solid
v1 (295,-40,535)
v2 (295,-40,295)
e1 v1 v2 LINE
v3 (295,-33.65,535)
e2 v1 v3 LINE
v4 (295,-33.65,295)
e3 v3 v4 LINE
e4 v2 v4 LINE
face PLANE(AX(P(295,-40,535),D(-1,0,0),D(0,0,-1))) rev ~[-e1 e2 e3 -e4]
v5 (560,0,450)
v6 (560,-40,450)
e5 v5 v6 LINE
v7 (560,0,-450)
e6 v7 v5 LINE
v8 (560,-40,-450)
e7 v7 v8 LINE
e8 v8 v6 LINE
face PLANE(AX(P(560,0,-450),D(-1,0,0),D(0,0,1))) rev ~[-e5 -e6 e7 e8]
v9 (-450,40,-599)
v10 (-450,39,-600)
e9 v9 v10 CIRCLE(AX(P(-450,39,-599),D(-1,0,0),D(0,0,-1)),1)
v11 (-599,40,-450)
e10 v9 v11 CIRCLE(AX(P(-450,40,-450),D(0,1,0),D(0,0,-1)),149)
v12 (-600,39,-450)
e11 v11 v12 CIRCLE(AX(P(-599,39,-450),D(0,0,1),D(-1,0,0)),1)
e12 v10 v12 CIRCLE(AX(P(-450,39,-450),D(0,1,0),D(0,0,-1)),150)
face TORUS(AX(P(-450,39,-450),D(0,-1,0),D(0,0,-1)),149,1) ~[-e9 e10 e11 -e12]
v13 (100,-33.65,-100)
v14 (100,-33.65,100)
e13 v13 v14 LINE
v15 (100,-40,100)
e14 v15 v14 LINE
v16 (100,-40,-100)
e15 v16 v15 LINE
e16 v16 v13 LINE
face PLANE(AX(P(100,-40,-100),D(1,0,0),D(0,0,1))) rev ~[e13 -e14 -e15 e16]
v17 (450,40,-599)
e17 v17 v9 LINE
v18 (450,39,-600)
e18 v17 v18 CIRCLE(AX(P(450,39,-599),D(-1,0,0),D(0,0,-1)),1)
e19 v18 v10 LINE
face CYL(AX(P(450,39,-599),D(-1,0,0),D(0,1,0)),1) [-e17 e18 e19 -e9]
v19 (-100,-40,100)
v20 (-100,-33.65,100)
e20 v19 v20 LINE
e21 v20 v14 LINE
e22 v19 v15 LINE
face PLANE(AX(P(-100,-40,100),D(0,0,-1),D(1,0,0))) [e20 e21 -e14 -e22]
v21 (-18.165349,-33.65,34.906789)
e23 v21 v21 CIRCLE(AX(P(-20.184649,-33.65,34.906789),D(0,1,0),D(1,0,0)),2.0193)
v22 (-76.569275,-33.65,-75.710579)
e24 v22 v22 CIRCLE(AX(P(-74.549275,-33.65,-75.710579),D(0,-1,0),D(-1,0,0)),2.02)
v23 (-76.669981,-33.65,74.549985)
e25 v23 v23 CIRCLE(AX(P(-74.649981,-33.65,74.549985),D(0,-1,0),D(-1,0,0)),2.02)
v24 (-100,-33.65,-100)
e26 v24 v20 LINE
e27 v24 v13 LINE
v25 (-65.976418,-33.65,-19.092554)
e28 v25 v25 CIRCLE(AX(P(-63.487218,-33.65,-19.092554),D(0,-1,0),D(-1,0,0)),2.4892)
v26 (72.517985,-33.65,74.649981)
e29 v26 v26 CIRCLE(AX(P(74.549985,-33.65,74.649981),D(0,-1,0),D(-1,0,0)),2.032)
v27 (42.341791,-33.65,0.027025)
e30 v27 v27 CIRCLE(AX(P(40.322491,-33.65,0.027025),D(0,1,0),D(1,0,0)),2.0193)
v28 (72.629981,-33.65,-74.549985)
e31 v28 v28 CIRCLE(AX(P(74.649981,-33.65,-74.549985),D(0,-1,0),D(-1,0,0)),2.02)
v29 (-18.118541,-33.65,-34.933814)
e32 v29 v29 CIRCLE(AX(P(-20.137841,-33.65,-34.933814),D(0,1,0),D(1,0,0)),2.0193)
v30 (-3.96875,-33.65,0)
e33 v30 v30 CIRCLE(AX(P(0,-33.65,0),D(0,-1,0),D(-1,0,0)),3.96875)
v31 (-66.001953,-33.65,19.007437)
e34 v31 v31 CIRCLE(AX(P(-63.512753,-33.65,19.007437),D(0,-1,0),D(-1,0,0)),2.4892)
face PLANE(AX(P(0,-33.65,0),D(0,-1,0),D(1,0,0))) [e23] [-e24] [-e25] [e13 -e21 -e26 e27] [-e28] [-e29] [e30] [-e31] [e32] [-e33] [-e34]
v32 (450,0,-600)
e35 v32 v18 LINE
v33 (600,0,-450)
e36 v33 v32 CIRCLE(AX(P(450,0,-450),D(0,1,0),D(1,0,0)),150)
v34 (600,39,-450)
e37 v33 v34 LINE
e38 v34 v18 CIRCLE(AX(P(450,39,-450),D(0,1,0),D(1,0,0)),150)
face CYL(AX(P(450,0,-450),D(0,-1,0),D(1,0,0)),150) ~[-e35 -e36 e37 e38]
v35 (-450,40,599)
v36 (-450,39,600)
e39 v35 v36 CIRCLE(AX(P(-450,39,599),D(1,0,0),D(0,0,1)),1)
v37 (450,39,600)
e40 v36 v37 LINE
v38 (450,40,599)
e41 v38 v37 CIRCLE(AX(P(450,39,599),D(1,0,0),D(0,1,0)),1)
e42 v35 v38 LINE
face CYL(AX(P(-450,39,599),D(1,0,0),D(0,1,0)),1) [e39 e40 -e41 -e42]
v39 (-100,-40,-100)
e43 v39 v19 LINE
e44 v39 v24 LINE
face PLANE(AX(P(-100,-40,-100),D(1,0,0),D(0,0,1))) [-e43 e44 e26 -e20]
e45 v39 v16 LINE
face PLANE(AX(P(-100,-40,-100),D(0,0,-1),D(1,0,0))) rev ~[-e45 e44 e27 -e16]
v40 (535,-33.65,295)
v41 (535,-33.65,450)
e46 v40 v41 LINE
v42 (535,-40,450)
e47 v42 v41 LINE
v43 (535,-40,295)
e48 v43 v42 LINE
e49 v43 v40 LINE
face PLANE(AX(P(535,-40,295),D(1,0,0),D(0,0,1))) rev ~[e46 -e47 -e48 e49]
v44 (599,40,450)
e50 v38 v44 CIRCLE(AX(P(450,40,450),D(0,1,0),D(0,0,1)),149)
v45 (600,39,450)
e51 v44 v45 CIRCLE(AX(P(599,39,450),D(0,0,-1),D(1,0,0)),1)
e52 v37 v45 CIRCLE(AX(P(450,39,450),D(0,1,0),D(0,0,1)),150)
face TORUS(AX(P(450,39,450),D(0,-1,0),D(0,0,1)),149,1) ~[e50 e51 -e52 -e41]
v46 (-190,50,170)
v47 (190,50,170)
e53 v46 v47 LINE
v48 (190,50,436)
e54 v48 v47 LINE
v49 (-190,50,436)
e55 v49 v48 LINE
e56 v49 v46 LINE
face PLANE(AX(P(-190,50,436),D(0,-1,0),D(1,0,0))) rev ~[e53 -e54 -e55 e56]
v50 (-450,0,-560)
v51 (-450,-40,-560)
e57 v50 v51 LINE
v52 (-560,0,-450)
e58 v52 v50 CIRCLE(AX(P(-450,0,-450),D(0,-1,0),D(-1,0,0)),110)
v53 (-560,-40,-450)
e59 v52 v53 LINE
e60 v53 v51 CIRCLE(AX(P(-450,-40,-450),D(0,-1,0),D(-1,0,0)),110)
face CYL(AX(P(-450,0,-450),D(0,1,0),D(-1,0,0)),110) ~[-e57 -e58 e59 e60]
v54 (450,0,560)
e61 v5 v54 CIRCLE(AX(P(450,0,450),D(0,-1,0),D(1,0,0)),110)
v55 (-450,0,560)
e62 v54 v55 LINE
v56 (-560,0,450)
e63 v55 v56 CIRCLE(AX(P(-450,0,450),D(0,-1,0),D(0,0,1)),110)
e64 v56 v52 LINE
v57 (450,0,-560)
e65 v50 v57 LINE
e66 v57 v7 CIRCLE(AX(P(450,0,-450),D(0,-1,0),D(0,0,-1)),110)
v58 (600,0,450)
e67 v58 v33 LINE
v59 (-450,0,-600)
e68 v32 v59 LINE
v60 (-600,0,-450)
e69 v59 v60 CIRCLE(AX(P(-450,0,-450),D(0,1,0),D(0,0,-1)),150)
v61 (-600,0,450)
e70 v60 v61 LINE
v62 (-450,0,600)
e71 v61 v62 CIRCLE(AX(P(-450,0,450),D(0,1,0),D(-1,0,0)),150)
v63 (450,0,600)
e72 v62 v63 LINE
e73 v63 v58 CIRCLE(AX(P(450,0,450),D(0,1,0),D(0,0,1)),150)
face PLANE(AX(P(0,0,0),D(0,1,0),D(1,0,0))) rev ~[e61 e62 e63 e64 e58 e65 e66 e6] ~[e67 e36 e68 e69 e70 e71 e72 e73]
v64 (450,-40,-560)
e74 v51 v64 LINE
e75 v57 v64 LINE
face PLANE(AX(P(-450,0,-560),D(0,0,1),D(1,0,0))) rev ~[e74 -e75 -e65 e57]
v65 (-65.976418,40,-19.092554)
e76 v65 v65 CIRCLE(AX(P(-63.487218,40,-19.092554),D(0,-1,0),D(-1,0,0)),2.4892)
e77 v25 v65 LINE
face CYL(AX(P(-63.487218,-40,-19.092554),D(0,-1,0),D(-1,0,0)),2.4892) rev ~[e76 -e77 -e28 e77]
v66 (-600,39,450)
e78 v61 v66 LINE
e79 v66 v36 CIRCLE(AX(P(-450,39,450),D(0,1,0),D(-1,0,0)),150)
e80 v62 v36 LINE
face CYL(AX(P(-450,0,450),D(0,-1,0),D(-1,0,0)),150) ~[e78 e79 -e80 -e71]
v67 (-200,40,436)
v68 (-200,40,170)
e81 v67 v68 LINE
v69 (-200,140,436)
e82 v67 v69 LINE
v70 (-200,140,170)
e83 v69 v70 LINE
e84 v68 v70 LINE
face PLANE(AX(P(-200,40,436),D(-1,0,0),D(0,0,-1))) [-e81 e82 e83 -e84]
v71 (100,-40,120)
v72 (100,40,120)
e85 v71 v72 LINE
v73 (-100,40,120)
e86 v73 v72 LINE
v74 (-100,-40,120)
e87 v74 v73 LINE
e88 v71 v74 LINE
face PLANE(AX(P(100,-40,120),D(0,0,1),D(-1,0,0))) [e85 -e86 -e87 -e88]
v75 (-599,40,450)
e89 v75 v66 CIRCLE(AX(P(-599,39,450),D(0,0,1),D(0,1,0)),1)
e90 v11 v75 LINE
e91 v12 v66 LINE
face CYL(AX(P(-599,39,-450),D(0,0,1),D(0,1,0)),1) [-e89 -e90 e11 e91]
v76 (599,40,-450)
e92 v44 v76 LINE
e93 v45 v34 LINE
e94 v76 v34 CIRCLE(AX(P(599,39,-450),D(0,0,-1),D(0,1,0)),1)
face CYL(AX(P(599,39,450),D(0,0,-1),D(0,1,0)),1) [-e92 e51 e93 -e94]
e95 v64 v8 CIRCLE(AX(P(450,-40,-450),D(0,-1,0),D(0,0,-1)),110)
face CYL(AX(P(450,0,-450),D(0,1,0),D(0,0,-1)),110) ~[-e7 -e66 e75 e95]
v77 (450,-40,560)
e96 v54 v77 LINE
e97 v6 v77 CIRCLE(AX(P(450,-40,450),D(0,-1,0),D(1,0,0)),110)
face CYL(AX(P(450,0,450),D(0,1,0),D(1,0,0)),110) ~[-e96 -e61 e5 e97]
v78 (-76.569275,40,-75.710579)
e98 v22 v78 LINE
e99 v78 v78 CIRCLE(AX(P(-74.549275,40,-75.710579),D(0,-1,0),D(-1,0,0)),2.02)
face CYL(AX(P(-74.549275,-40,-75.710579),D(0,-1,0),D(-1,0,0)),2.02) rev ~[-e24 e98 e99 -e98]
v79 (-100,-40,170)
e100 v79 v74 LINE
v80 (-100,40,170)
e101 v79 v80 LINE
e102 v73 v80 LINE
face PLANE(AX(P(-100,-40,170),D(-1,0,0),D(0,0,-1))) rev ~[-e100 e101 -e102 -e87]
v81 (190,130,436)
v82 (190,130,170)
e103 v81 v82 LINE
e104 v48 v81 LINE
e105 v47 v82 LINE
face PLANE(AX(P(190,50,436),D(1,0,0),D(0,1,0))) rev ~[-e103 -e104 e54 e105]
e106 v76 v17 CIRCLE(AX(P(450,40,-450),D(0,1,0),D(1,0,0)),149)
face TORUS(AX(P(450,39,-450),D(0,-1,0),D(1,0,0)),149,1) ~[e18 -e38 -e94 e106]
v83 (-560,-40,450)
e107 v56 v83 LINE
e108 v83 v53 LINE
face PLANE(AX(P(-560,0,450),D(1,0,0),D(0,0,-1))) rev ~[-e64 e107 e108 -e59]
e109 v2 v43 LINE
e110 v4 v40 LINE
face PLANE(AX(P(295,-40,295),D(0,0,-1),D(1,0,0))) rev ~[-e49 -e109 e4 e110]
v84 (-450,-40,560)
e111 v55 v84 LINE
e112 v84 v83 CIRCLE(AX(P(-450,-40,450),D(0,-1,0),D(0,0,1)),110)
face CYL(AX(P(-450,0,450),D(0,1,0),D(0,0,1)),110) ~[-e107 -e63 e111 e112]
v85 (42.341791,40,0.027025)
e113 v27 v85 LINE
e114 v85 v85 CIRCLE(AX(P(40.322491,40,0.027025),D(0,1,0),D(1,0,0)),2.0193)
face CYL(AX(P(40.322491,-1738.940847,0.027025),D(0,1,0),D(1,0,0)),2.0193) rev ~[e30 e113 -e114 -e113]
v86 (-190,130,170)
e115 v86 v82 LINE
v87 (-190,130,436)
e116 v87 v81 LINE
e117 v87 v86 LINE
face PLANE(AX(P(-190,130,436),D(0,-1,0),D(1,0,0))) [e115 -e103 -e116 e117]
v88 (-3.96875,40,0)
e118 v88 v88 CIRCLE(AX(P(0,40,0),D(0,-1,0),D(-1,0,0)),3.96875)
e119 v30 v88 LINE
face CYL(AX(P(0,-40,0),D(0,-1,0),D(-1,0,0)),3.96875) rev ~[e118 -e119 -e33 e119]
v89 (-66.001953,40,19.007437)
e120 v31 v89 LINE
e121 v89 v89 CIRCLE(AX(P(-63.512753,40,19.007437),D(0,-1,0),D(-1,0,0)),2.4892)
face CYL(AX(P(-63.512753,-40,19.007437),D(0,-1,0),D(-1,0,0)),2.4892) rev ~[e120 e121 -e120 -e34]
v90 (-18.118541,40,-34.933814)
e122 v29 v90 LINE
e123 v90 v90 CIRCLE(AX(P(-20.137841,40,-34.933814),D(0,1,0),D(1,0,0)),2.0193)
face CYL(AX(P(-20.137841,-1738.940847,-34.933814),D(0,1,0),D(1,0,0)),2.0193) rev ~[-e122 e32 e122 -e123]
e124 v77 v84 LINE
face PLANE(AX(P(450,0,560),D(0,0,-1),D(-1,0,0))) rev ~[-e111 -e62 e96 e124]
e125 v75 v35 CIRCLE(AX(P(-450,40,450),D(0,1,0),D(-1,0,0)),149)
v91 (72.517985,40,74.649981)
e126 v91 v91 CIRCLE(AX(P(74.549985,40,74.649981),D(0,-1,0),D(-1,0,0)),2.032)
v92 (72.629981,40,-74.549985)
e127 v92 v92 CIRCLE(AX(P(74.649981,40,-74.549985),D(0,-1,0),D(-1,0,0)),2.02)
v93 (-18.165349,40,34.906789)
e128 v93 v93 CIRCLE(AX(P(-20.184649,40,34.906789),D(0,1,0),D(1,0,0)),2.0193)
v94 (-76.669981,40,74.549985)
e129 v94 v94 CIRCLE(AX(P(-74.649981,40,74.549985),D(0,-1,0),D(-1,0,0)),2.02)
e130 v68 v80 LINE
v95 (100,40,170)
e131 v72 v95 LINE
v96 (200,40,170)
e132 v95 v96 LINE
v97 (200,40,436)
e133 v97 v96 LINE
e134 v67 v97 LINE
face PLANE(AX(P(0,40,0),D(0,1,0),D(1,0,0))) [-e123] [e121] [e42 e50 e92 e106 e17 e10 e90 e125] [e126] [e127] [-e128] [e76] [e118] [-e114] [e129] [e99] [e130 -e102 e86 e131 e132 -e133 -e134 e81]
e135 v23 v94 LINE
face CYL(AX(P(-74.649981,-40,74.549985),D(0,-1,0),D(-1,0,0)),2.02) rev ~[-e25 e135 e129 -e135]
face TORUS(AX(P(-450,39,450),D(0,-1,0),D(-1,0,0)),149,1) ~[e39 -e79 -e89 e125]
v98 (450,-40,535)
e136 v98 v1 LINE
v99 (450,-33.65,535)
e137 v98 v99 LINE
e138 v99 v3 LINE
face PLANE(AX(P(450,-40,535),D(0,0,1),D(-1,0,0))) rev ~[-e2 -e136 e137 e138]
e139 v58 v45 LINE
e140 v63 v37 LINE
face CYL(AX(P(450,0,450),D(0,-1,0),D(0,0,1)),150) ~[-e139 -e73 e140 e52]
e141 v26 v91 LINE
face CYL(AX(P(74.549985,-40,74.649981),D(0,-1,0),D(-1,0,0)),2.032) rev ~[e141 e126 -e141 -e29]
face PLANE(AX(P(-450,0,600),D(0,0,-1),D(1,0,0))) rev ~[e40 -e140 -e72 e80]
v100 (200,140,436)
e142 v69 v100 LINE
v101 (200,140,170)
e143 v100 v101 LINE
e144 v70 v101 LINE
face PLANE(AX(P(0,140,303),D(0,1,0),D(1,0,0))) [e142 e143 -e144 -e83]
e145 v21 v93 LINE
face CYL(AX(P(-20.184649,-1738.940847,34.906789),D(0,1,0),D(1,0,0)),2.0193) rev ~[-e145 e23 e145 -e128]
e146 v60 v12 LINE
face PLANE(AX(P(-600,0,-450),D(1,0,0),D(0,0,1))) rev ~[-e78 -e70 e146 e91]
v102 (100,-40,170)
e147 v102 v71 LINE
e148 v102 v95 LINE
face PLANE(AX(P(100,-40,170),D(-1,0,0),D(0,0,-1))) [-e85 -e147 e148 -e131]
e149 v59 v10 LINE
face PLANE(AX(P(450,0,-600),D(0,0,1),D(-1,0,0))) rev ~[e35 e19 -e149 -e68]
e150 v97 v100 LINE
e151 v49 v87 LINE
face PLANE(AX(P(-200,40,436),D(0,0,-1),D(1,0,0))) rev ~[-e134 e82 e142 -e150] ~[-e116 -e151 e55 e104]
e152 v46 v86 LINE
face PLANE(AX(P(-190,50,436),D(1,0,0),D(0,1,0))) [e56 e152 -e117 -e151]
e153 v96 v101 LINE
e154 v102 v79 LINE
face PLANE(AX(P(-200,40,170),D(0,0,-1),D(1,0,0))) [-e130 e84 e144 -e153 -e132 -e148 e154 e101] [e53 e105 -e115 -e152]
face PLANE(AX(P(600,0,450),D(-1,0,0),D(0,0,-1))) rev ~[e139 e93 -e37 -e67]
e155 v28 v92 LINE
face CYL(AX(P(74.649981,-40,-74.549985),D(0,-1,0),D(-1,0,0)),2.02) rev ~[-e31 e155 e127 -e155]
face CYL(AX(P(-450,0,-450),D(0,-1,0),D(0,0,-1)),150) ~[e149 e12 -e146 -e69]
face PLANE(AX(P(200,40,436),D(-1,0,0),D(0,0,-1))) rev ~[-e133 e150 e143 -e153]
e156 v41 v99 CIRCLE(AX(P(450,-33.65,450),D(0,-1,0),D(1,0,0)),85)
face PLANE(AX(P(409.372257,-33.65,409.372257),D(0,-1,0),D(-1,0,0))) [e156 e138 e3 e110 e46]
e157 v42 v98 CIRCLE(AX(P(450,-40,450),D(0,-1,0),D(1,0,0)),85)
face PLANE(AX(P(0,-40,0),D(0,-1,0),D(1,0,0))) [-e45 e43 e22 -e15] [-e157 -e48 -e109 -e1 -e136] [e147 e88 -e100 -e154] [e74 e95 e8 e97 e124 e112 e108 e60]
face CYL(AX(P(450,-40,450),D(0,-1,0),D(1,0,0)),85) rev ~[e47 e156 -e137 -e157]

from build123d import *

# Parameters (mm, degrees)
BOSS_EXTRUDE1_DEPTH    = 40
BOSS_EXTRUDE2_DEPTH    = 40
SKETCH3_W              = 200
SKETCH3_H              = 200
CUT_EXTRUDE1_DEPTH     = 6.35
SKETCH4_R              = 2.4892
SKETCH4_R_2            = 3.96875
CUT_EXTRUDE2_DEPTH     = 81
F_10_32_TAPPED_HOLE1_D = 4.0386
SKETCH10_R             = 2.02
SKETCH10_R_2           = 2.032
CUT_EXTRUDE3_DEPTH     = 81
SKETCH11_W             = 200
SKETCH11_H             = 50
CUT_EXTRUDE4_DEPTH     = 81
FILLET1_R              = 1
SKETCH12_W             = 400
SKETCH12_H             = 266
BOSS_EXTRUDE3_DEPTH    = 100
SKETCH13_W             = 380
SKETCH13_H             = 80
CUT_EXTRUDE5_DEPTH     = 266
CUT_EXTRUDE6_DEPTH     = 6.35


with BuildPart() as part:
    # Sketch1 → Boss-Extrude1 (new body)
    with BuildSketch(Plane(origin=(0, 0, 0), x_dir=(1, 0, 0), z_dir=(0, 1, 0))):
        with BuildLine():
            Line((-450, -600), (450, -600))
            ThreePointArc((450, -600), (556.066017178, -556.066017178), (600, -450))
            Line((600, -450), (600, 450))
            ThreePointArc((600, 450), (556.066017178, 556.066017178), (450, 600))
            Line((450, 600), (-450, 600))
            ThreePointArc((-450, 600), (-556.066017178, 556.066017178), (-600, 450))
            Line((-600, 450), (-600, -450))
            ThreePointArc((-600, -450), (-556.066017178, -556.066017178), (-450, -600))
        make_face()
    extrude(amount=BOSS_EXTRUDE1_DEPTH)

    # Sketch2 → Boss-Extrude2 (add)
    with BuildSketch(Plane.XZ):
        with BuildLine():
            Line((560, -450), (560, 450))
            ThreePointArc((560, 450), (527.781745931, 527.781745931), (450, 560))
            Line((450, 560), (-450, 560))
            ThreePointArc((-450, 560), (-527.781745931, 527.781745931), (-560, 450))
            Line((-560, 450), (-560, -450))
            ThreePointArc((-560, -450), (-527.781745931, -527.781745931), (-450, -560))
            Line((-450, -560), (450, -560))
            ThreePointArc((450, -560), (527.781745931, -527.781745931), (560, -450))
        make_face()
    extrude(amount=BOSS_EXTRUDE2_DEPTH)

    # Sketch3 → Cut-Extrude1 (cut)
    with BuildSketch(Plane.XZ.offset(40)):
        Rectangle(SKETCH3_W, SKETCH3_H)
    extrude(amount=-CUT_EXTRUDE1_DEPTH, mode=Mode.SUBTRACT)

    # Sketch4 → Cut-Extrude2 (cut, through all)
    with BuildSketch(Plane(origin=(0, -40, 0), x_dir=(-1, 0, 0), z_dir=(0, -1, 0))):
        with Locations((63.487218193, 19.092554208)):
            Circle(SKETCH4_R)
        with Locations((63.512753284, -19.007437235)):
            Circle(SKETCH4_R)
        Circle(SKETCH4_R_2)
    extrude(amount=-CUT_EXTRUDE2_DEPTH, mode=Mode.SUBTRACT)

    # #10-32 Tapped Hole1 (through all)
    with Locations(Plane(origin=(0, -40, 0), x_dir=(-1, 0, 0), z_dir=(0, -1, 0))):
        with Locations((20.137841448, 34.93381382), (-40.322490944, -0.027024638), (20.184649496, -34.906789182)):
            Hole(F_10_32_TAPPED_HOLE1_D / 2)

    # Sketch10 → Cut-Extrude3 (cut, through all)
    with BuildSketch(Plane(origin=(0, -40, 0), x_dir=(-1, 0, 0), z_dir=(0, -1, 0))):
        with Locations((-74.649981089, 74.549985402)):
            Circle(SKETCH10_R)
        with Locations((74.549274576, 75.710578627)):
            Circle(SKETCH10_R)
        with Locations((74.649981089, -74.549985402)):
            Circle(SKETCH10_R)
        with Locations((-74.549985402, -74.649981089)):
            Circle(SKETCH10_R_2)
    extrude(amount=-CUT_EXTRUDE3_DEPTH, mode=Mode.SUBTRACT)

    # Sketch11 → Cut-Extrude4 (cut, through all)
    with BuildSketch(Plane(origin=(0, -40, 0), x_dir=(-1, 0, 0), z_dir=(0, -1, 0))):
        with Locations((0, -145)):
            Rectangle(SKETCH11_W, SKETCH11_H)
    extrude(amount=-CUT_EXTRUDE4_DEPTH, mode=Mode.SUBTRACT)

    # Fillet1
    fillet1_edges = [part.edges().sort_by_distance(p)[0] for p in [
        (-556.066017178, 40, -556.066017178),
        (-600, 40, 0),
        (-556.066017178, 40, 556.066017178),
        (0, 40, 600),
        (556.066017178, 40, 556.066017178),
        (600, 40, 0),
        (556.066017178, 40, -556.066017178),
        (0, 40, -600),
    ]]
    fillet(fillet1_edges, radius=FILLET1_R)

    # Sketch12 → Boss-Extrude3 (add)
    with BuildSketch(Plane(origin=(0, 40, 0), x_dir=(1, 0, 0), z_dir=(0, 1, 0))):
        with Locations((0, -303)):
            Rectangle(SKETCH12_W, SKETCH12_H)
    extrude(amount=BOSS_EXTRUDE3_DEPTH)

    # Sketch13 → Cut-Extrude5 (cut)
    with BuildSketch(Plane.XY.offset(436)):
        with Locations((0, 90)):
            Rectangle(SKETCH13_W, SKETCH13_H)
    extrude(amount=-CUT_EXTRUDE5_DEPTH, mode=Mode.SUBTRACT)

    # Sketch14 → Cut-Extrude6 (cut)
    with BuildSketch(Plane(origin=(0, -40, 0), x_dir=(-1, 0, 0), z_dir=(0, -1, 0))):
        with BuildLine():
            Line((-450, -535), (-295, -535))
            Line((-295, -535), (-295, -295))
            Line((-295, -295), (-535, -295))
            Line((-535, -295), (-535, -450))
            ThreePointArc((-535, -450), (-510.104076401, -510.104076401), (-450, -535))
        make_face()
    extrude(amount=-CUT_EXTRUDE6_DEPTH, mode=Mode.SUBTRACT)


solid = part.part
